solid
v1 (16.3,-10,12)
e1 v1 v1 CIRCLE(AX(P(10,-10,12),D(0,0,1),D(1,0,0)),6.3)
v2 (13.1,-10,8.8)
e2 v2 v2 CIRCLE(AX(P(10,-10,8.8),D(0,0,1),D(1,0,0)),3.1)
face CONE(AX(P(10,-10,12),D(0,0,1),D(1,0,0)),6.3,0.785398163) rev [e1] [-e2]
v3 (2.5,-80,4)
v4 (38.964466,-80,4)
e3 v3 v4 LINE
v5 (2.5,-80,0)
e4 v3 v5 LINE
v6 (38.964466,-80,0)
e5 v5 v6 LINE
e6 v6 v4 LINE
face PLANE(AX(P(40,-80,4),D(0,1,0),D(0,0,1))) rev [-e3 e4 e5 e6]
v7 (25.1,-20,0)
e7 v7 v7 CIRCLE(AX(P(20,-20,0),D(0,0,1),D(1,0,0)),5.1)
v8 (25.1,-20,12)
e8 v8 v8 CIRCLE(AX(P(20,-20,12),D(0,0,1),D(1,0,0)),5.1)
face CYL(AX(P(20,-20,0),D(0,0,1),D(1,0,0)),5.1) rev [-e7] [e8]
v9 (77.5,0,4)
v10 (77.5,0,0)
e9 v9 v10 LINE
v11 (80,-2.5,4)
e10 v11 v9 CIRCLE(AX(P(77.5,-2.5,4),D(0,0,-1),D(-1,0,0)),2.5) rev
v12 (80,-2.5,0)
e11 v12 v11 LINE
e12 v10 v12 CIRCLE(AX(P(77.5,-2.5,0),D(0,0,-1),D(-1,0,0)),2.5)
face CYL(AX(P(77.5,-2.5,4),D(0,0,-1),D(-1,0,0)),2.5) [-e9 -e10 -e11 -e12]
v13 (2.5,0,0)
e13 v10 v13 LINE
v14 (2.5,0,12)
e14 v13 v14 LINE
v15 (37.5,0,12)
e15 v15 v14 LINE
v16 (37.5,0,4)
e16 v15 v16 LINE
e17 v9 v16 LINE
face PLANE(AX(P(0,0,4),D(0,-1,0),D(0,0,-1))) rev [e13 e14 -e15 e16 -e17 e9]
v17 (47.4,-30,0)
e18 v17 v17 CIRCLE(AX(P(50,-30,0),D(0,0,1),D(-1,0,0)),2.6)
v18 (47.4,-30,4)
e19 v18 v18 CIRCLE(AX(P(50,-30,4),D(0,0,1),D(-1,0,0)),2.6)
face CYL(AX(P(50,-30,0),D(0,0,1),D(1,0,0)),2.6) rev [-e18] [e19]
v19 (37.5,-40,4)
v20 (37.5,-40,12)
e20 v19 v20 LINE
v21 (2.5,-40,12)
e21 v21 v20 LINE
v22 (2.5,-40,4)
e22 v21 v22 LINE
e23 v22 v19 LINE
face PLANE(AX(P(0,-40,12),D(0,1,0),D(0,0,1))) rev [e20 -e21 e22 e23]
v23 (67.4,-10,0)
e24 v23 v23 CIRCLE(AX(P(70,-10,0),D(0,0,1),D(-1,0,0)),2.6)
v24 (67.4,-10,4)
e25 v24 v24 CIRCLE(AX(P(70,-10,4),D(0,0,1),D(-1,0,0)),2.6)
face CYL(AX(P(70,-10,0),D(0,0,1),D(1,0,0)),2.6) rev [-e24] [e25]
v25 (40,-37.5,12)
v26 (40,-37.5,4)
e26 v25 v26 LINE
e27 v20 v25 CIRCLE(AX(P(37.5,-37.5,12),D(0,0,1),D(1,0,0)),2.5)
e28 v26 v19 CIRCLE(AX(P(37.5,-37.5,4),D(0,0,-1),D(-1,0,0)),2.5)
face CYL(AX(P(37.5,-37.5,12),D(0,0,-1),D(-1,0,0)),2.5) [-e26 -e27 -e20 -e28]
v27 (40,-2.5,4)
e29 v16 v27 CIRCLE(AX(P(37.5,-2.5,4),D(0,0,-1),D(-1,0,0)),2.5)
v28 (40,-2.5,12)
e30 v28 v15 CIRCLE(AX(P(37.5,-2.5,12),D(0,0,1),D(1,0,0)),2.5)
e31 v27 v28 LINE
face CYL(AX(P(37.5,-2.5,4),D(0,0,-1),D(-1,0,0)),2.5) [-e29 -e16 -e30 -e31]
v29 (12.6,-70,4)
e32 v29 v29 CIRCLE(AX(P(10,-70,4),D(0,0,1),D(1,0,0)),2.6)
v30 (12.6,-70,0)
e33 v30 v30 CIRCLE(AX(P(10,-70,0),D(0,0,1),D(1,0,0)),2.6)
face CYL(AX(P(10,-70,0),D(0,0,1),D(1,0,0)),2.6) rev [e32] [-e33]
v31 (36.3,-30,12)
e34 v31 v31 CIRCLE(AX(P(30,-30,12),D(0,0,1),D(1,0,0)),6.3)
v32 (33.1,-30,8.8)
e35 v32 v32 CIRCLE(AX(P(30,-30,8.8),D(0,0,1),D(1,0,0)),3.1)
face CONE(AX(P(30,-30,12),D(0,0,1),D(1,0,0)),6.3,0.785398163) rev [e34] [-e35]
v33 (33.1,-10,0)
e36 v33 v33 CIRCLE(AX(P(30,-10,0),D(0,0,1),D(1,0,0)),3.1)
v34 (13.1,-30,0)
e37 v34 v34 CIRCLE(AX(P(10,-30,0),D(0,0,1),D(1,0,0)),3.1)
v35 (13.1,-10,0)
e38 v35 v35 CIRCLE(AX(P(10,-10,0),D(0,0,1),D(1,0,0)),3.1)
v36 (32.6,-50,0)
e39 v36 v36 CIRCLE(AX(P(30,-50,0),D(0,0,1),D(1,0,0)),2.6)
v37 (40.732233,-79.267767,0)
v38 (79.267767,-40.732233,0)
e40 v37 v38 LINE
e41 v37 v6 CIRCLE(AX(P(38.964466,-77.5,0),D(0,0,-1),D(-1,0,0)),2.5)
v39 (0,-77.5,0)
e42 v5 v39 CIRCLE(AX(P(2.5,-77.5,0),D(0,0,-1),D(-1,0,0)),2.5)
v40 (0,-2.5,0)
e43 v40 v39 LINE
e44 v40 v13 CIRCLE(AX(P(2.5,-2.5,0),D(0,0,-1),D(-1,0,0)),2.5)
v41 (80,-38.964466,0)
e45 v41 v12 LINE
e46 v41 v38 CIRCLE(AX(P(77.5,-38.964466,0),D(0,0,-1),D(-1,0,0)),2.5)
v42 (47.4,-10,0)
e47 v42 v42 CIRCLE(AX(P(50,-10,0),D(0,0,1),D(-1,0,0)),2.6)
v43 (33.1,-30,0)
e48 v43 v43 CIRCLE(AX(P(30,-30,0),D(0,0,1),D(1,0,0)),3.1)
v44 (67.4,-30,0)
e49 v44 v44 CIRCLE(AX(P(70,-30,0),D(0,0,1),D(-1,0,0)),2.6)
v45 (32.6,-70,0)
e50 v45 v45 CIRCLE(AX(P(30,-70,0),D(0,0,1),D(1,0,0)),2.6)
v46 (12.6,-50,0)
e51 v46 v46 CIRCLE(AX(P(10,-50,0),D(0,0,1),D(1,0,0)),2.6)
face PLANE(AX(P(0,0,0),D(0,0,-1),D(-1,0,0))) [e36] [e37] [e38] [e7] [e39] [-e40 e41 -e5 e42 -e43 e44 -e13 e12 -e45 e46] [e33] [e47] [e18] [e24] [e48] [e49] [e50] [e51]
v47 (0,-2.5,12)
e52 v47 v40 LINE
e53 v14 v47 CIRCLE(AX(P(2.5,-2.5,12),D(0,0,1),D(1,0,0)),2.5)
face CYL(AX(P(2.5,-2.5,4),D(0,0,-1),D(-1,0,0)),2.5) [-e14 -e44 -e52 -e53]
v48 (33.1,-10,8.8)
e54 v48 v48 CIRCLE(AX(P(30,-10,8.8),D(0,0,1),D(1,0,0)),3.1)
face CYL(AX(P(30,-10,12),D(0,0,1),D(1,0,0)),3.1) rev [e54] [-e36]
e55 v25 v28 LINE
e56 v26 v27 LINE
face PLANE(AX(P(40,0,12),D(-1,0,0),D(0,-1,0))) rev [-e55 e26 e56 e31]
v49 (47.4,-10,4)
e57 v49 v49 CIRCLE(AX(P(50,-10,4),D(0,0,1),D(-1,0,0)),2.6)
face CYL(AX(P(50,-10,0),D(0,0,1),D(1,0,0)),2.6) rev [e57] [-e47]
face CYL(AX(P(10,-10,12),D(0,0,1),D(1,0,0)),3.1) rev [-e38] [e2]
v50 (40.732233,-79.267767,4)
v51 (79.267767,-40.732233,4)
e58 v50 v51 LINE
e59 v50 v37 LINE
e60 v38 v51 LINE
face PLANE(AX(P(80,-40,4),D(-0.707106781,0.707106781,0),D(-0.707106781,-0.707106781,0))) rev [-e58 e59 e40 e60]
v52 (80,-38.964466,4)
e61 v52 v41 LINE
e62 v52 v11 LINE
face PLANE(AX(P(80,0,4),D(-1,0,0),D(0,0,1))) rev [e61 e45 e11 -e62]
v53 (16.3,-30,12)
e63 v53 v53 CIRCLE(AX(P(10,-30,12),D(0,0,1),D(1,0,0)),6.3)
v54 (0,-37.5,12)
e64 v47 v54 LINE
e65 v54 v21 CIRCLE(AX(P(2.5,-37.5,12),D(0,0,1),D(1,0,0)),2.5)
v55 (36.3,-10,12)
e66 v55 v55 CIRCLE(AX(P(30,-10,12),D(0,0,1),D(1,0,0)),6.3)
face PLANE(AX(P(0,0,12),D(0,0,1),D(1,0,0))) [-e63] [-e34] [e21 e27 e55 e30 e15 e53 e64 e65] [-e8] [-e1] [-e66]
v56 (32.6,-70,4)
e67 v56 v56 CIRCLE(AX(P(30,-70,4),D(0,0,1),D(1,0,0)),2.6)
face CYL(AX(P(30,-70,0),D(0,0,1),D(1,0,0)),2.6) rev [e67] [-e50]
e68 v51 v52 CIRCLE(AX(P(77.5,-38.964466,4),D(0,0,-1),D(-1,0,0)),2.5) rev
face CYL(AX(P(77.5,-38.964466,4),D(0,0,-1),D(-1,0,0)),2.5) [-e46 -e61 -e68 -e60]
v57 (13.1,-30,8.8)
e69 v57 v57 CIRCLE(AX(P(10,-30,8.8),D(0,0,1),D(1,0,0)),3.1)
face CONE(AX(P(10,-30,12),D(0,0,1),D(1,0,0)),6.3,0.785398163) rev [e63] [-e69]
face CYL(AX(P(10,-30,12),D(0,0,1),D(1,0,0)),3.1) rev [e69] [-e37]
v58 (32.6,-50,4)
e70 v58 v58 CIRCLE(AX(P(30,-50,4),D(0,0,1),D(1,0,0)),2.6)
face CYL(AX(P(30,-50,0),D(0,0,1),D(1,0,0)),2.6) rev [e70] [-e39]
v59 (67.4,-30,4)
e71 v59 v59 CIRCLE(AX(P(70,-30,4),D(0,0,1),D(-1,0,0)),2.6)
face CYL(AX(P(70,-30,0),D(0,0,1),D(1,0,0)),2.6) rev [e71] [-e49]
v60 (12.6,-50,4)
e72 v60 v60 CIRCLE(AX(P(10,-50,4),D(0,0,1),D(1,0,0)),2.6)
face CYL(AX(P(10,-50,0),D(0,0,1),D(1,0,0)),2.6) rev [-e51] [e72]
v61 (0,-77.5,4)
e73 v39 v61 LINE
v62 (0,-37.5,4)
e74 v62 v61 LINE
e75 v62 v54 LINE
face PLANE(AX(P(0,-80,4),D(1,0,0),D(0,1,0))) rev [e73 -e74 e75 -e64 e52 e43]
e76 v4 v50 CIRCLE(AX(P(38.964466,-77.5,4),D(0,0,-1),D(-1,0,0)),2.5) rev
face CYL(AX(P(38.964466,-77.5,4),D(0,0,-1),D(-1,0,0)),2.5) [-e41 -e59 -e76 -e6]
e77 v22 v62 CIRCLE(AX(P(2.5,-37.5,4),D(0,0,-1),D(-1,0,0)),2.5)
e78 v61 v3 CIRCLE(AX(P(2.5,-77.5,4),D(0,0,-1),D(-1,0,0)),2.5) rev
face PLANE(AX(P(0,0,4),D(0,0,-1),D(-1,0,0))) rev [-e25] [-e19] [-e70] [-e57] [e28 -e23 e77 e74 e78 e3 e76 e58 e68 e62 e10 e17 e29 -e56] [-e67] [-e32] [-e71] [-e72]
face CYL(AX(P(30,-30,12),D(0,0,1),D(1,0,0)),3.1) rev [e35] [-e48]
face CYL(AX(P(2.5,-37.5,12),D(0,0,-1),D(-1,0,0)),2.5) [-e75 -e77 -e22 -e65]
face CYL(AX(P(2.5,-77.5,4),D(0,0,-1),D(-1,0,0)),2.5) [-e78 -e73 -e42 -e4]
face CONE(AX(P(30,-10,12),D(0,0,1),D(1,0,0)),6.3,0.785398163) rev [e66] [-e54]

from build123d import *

# Parameters (mm, degrees)
EXTRUDE_1_DEPTH             = 4
SKETCH_2_W                  = 40
SKETCH_2_H                  = 40
EXTRUDE_2_DEPTH             = 8
HOLE_WIZARD_M61_D           = 6.2
HOLE_WIZARD_M61_CSINK_D     = 12.6
HOLE_WIZARD_M61_CSINK_ANGLE = 90
SKETCH_5_R                  = 5.1
CUT_EXTRUDE_1_DEPTH         = 114.771701227
SKETCH_6_R                  = 2.6
CUT_EXTRUDE_2_DEPTH         = 114.41957503
FILLET_1_R                  = 2.5


with BuildPart() as part:
    # Эскиз1 → Бобышка-Вытянуть1 (new body)
    with BuildSketch(Plane.XY):
        Polygon((0, 0), (80, 0), (80, -40), (40, -80), (0, -80), align=None)
    extrude(amount=EXTRUDE_1_DEPTH)

    # Эскиз2 → Бобышка-Вытянуть2 (add)
    with BuildSketch(Plane.XY.offset(4)):
        with Locations((20, -20)):
            Rectangle(SKETCH_2_W, SKETCH_2_H)
    extrude(amount=EXTRUDE_2_DEPTH)

    # Зенковка для винта с полупотайной головкой M61 (through all)
    with Locations(Plane(origin=(10, -30, 12), x_dir=(1, 0, 0), z_dir=(0, 0, 1))):
        with Locations((0, 0), (0, 20), (20, 20), (20, 0)):
            CounterSinkHole(HOLE_WIZARD_M61_D / 2, HOLE_WIZARD_M61_CSINK_D / 2, counter_sink_angle=HOLE_WIZARD_M61_CSINK_ANGLE)

    # Эскиз5 → Вырез-Вытянуть1 (cut, through all)
    with BuildSketch(Plane.XY.offset(12)):
        with Locations((20, -20)):
            Circle(SKETCH_5_R)
    extrude(amount=-CUT_EXTRUDE_1_DEPTH, mode=Mode.SUBTRACT)

    # Эскиз6 → Вырез-Вытянуть2 (cut, through all)
    with BuildSketch(Plane.XY.offset(4)):
        with Locations((10, -50)):
            Circle(SKETCH_6_R)
        with Locations((30, -50)):
            Circle(SKETCH_6_R)
        with Locations((30, -70)):
            Circle(SKETCH_6_R)
        with Locations((10, -70)):
            Circle(SKETCH_6_R)
        with Locations(Location((70, -10, 0), (0, 0, 180))):
            Circle(SKETCH_6_R)
        with Locations(Location((70, -30, 0), (0, 0, 180))):
            Circle(SKETCH_6_R)
        with Locations(Location((50, -30, 0), (0, 0, 180))):
            Circle(SKETCH_6_R)
        with Locations(Location((50, -10, 0), (0, 0, 180))):
            Circle(SKETCH_6_R)
    extrude(amount=-CUT_EXTRUDE_2_DEPTH, mode=Mode.SUBTRACT)

    # Скругление1
    fillet_1_edges = [part.edges().sort_by_distance(p)[0] for p in [
        (0, -40, 8),
        (40, -40, 8),
        (40, 0, 8),
        (0, 0, 6),
        (80, 0, 2),
        (80, -40, 2),
        (40, -80, 2),
        (0, -80, 2),
    ]]
    fillet(fillet_1_edges, radius=FILLET_1_R)


solid = part.part
